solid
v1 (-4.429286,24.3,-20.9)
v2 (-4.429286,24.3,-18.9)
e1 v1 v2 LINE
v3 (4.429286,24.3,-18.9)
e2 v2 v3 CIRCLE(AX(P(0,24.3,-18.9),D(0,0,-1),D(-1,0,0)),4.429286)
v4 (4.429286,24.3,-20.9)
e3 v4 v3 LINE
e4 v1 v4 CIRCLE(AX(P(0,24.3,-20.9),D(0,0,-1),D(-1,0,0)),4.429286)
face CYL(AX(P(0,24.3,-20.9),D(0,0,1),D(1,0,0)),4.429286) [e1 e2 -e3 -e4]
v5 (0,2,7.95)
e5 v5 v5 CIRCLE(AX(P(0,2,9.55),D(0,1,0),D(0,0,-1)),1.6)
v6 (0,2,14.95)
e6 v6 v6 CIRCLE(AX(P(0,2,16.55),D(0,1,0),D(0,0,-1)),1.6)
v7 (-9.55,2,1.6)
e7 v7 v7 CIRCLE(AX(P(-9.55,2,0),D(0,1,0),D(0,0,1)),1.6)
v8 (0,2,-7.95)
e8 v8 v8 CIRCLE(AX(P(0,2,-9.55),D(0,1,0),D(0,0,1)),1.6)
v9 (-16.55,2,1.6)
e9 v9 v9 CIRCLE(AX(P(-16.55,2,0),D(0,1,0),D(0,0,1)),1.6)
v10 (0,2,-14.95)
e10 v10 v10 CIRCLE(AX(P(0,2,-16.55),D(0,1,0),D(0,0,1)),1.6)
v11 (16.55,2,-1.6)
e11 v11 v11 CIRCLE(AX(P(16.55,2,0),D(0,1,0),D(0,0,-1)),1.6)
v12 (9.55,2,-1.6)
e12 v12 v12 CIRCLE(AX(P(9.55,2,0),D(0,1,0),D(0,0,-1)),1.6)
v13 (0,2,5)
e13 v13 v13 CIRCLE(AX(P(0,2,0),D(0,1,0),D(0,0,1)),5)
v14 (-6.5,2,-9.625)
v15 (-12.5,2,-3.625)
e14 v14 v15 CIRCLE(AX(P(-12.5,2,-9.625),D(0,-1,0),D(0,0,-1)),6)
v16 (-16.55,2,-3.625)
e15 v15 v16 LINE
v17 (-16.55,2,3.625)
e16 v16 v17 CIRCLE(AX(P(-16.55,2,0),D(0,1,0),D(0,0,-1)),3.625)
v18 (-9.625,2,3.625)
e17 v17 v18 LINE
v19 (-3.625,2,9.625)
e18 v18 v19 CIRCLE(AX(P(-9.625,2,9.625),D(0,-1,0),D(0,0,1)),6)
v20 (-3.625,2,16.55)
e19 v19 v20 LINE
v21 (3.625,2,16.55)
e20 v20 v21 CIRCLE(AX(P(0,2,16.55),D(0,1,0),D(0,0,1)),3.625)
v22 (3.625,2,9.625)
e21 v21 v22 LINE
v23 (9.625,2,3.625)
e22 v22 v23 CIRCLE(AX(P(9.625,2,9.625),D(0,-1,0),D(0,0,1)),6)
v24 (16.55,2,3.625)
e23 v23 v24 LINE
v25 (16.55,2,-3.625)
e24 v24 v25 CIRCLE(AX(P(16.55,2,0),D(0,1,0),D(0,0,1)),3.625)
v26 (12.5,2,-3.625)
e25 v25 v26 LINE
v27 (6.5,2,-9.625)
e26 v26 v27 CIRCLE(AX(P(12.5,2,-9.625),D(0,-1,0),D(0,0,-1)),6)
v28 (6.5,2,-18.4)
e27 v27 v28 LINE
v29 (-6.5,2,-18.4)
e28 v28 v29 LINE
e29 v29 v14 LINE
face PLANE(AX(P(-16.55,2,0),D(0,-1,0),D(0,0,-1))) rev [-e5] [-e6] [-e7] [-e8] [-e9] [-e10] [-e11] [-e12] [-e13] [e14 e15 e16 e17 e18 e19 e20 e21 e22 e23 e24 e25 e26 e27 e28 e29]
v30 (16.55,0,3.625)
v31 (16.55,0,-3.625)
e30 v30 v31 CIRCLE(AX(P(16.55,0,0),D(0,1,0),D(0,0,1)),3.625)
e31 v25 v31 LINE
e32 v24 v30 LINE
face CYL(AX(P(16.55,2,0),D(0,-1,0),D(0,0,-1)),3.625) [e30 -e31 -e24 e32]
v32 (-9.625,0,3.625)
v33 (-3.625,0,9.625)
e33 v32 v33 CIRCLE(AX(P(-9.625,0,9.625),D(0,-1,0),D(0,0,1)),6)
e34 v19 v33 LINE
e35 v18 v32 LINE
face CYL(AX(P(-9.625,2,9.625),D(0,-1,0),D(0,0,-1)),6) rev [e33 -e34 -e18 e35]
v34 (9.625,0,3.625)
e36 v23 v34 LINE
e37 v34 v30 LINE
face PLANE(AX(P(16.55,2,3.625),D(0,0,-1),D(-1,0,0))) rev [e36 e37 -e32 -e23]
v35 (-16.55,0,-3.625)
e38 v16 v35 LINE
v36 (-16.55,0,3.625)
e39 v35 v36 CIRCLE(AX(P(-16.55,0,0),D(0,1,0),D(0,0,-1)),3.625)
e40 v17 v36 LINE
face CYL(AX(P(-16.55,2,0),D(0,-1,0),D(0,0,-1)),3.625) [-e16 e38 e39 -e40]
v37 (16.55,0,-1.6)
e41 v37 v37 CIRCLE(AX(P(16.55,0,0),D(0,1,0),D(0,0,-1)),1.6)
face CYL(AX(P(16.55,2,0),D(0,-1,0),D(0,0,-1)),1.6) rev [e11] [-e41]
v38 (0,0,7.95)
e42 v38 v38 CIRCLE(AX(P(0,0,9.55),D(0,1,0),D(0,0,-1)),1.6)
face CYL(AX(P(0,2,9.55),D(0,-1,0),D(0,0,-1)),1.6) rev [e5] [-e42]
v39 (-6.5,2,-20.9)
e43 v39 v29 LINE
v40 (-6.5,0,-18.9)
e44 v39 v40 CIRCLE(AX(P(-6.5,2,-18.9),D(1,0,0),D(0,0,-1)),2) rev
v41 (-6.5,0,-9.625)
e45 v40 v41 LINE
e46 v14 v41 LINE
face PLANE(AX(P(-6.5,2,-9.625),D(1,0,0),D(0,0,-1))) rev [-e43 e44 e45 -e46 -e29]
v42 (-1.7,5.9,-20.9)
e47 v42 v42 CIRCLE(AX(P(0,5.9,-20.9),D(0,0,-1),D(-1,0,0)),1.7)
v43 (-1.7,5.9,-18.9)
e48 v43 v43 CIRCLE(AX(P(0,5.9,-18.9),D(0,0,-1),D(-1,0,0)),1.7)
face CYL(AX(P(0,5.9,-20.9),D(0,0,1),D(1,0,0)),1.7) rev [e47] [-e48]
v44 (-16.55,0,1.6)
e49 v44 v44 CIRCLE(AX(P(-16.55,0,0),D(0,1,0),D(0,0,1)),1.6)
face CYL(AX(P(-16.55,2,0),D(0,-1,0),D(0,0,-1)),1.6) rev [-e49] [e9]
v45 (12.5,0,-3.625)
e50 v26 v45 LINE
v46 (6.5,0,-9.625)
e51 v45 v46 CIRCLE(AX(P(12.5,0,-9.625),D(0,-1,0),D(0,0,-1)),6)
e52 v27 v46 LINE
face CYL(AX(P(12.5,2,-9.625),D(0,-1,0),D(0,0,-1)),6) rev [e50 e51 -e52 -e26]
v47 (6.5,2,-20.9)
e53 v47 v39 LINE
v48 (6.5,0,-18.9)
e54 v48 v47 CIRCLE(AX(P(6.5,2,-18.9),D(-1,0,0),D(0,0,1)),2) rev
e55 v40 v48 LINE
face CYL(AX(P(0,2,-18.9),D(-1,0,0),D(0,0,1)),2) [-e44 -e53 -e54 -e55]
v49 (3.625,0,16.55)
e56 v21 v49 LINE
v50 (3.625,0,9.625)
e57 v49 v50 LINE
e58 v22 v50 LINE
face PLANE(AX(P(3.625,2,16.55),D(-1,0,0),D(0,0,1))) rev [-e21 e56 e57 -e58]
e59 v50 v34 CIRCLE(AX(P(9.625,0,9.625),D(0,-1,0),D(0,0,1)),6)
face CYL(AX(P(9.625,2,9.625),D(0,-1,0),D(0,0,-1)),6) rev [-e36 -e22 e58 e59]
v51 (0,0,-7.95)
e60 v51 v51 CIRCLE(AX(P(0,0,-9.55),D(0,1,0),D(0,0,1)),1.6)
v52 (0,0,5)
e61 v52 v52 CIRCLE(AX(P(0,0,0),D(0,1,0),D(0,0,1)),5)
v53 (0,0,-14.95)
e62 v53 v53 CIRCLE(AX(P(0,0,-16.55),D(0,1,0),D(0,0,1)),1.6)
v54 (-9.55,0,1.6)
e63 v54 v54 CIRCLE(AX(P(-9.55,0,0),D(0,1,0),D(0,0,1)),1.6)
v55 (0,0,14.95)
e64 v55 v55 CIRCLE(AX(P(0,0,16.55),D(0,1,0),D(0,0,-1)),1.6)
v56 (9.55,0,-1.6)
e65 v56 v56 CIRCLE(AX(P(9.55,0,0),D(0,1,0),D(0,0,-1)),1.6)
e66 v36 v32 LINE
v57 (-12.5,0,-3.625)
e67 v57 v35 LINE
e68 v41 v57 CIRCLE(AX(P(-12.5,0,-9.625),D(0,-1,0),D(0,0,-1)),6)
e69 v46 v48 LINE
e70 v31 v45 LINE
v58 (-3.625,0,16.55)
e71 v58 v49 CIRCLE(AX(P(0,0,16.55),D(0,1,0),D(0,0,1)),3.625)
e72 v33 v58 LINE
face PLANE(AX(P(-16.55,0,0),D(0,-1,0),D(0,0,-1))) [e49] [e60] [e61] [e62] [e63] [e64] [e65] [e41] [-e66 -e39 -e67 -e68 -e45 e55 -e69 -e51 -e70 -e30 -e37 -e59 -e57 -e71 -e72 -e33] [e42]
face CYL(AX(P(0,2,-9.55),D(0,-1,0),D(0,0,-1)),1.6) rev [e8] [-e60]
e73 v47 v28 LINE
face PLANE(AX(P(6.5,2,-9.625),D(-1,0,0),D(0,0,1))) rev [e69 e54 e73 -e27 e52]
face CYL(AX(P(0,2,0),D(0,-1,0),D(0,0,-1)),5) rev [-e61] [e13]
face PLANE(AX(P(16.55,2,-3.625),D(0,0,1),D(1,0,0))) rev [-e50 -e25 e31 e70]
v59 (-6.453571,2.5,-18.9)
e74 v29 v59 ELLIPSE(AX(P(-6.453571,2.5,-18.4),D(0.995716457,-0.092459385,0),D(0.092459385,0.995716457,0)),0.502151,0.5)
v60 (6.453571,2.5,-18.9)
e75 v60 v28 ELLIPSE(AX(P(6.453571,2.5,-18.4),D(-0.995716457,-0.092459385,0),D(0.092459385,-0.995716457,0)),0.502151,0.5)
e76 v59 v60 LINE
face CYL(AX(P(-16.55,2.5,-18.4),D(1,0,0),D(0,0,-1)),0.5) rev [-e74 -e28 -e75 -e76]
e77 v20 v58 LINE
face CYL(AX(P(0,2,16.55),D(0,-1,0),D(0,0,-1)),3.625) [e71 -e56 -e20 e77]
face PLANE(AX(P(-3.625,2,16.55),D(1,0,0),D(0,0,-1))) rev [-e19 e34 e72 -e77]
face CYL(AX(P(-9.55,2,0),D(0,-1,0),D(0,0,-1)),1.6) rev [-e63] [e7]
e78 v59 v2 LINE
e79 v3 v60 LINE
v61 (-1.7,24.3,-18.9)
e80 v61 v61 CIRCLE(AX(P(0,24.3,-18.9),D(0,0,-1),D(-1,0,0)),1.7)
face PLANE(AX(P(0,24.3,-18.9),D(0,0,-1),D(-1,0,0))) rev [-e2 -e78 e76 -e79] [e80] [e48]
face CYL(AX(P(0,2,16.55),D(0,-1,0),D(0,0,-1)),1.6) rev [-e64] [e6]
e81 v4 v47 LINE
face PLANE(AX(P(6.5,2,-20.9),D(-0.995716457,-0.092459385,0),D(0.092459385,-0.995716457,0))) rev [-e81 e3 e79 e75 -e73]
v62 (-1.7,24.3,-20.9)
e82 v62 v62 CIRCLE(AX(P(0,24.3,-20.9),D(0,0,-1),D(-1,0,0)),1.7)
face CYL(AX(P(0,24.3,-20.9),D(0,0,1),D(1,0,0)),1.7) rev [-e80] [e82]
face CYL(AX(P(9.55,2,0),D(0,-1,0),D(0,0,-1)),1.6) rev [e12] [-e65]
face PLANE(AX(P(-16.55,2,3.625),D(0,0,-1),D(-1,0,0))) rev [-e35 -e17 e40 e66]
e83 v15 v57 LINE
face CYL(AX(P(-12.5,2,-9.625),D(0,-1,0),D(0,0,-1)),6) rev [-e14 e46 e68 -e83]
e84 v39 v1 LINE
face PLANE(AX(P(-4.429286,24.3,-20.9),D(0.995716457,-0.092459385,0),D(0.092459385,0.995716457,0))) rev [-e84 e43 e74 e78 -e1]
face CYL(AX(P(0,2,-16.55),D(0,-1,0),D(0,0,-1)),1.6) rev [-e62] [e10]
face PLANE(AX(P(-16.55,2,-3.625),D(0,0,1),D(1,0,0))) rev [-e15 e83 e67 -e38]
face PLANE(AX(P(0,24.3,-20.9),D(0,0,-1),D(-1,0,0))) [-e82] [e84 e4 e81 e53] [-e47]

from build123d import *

# Parameters (mm, degrees)
ESQUISSE1_R        = 5
ESQUISSE1_R_2      = 1.6
BOSS_EXTRU_1_DEPTH = 2
ESQUISSE2_R        = 1.7
BOSS_EXTRU_2_DEPTH = 2
CONG_2_R           = 2
CONG_3_R           = 0.5


with BuildPart() as part:
    # Esquisse1 → Boss.-Extru.1 (new body)
    with BuildSketch(Plane(origin=(0, 0, 0), x_dir=(1, 0, 0), z_dir=(0, 1, 0))):
        with BuildLine():
            Line((-16.55, 3.625), (-12.5, 3.625))
            ThreePointArc((-12.5, 3.625), (-8.257359313, 5.382359313), (-6.5, 9.625))
            Line((-6.5, 9.625), (-6.5, 18.9))
            Line((-6.5, 18.9), (6.5, 18.9))
            Line((6.5, 18.9), (6.5, 9.625))
            ThreePointArc((6.5, 9.625), (8.257359313, 5.382359313), (12.5, 3.625))
            Line((12.5, 3.625), (16.55, 3.625))
            ThreePointArc((16.55, 3.625), (20.175, 0), (16.55, -3.625))
            Line((16.55, -3.625), (9.625, -3.625))
            ThreePointArc((9.625, -3.625), (5.382359313, -5.382359313), (3.625, -9.625))
            Line((3.625, -9.625), (3.625, -16.55))
            ThreePointArc((3.625, -16.55), (0, -20.175), (-3.625, -16.55))
            Line((-3.625, -16.55), (-3.625, -9.625))
            ThreePointArc((-3.625, -9.625), (-5.382359313, -5.382359313), (-9.625, -3.625))
            Line((-9.625, -3.625), (-16.55, -3.625))
            ThreePointArc((-16.55, -3.625), (-20.175, 0), (-16.55, 3.625))
        make_face()
        with Locations(Location((0, 0, 0), (0, 0, 270))):
            Circle(ESQUISSE1_R, mode=Mode.SUBTRACT)
        with Locations(Location((-9.55, 0, 0), (0, 0, 270))):
            Circle(ESQUISSE1_R_2, mode=Mode.SUBTRACT)
        with Locations(Location((-16.55, 0, 0), (0, 0, 270))):
            Circle(ESQUISSE1_R_2, mode=Mode.SUBTRACT)
        with Locations(Location((9.55, 0, 0), (0, 0, 90))):
            Circle(ESQUISSE1_R_2, mode=Mode.SUBTRACT)
        with Locations(Location((16.55, 0, 0), (0, 0, 90))):
            Circle(ESQUISSE1_R_2, mode=Mode.SUBTRACT)
        with Locations(Location((0, -9.55, 0), (0, 0, 90))):
            Circle(ESQUISSE1_R_2, mode=Mode.SUBTRACT)
        with Locations(Location((0, -16.55, 0), (0, 0, 90))):
            Circle(ESQUISSE1_R_2, mode=Mode.SUBTRACT)
        with Locations(Location((0, 16.55, 0), (0, 0, 270))):
            Circle(ESQUISSE1_R_2, mode=Mode.SUBTRACT)
        with Locations(Location((0, 9.55, 0), (0, 0, 270))):
            Circle(ESQUISSE1_R_2, mode=Mode.SUBTRACT)
    extrude(amount=BOSS_EXTRU_1_DEPTH)

    # Esquisse2 → Boss.-Extru.2 (add)
    with BuildSketch(Plane(origin=(0, 0, -18.9), x_dir=(-1, 0, 0), z_dir=(0, 0, -1))):
        with BuildLine():
            Line((-6.5, 0), (6.5, 0))
            Line((6.5, 0), (6.5, 2))
            Line((6.5, 2), (4.429285714, 24.3))
            ThreePointArc((4.429285714, 24.3), (0, 28.729285714), (-4.429285714, 24.3))
            Line((-4.429285714, 24.3), (-6.5, 2))
            Line((-6.5, 2), (-6.5, 0))
        make_face()
        with Locations((0, 24.3)):
            Circle(ESQUISSE2_R, mode=Mode.SUBTRACT)
        with Locations((0, 5.9)):
            Circle(ESQUISSE2_R, mode=Mode.SUBTRACT)
    extrude(amount=BOSS_EXTRU_2_DEPTH)

    # Congé2
    cong_2_edges = [part.edges().sort_by_distance(p)[0] for p in [
        (0, 0, -20.9),
    ]]
    fillet(cong_2_edges, radius=CONG_2_R)

    # Congé3
    cong_3_edges = [part.edges().sort_by_distance(p)[0] for p in [
        (0, 2, -18.9),
    ]]
    fillet(cong_3_edges, radius=CONG_3_R)


solid = part.part
